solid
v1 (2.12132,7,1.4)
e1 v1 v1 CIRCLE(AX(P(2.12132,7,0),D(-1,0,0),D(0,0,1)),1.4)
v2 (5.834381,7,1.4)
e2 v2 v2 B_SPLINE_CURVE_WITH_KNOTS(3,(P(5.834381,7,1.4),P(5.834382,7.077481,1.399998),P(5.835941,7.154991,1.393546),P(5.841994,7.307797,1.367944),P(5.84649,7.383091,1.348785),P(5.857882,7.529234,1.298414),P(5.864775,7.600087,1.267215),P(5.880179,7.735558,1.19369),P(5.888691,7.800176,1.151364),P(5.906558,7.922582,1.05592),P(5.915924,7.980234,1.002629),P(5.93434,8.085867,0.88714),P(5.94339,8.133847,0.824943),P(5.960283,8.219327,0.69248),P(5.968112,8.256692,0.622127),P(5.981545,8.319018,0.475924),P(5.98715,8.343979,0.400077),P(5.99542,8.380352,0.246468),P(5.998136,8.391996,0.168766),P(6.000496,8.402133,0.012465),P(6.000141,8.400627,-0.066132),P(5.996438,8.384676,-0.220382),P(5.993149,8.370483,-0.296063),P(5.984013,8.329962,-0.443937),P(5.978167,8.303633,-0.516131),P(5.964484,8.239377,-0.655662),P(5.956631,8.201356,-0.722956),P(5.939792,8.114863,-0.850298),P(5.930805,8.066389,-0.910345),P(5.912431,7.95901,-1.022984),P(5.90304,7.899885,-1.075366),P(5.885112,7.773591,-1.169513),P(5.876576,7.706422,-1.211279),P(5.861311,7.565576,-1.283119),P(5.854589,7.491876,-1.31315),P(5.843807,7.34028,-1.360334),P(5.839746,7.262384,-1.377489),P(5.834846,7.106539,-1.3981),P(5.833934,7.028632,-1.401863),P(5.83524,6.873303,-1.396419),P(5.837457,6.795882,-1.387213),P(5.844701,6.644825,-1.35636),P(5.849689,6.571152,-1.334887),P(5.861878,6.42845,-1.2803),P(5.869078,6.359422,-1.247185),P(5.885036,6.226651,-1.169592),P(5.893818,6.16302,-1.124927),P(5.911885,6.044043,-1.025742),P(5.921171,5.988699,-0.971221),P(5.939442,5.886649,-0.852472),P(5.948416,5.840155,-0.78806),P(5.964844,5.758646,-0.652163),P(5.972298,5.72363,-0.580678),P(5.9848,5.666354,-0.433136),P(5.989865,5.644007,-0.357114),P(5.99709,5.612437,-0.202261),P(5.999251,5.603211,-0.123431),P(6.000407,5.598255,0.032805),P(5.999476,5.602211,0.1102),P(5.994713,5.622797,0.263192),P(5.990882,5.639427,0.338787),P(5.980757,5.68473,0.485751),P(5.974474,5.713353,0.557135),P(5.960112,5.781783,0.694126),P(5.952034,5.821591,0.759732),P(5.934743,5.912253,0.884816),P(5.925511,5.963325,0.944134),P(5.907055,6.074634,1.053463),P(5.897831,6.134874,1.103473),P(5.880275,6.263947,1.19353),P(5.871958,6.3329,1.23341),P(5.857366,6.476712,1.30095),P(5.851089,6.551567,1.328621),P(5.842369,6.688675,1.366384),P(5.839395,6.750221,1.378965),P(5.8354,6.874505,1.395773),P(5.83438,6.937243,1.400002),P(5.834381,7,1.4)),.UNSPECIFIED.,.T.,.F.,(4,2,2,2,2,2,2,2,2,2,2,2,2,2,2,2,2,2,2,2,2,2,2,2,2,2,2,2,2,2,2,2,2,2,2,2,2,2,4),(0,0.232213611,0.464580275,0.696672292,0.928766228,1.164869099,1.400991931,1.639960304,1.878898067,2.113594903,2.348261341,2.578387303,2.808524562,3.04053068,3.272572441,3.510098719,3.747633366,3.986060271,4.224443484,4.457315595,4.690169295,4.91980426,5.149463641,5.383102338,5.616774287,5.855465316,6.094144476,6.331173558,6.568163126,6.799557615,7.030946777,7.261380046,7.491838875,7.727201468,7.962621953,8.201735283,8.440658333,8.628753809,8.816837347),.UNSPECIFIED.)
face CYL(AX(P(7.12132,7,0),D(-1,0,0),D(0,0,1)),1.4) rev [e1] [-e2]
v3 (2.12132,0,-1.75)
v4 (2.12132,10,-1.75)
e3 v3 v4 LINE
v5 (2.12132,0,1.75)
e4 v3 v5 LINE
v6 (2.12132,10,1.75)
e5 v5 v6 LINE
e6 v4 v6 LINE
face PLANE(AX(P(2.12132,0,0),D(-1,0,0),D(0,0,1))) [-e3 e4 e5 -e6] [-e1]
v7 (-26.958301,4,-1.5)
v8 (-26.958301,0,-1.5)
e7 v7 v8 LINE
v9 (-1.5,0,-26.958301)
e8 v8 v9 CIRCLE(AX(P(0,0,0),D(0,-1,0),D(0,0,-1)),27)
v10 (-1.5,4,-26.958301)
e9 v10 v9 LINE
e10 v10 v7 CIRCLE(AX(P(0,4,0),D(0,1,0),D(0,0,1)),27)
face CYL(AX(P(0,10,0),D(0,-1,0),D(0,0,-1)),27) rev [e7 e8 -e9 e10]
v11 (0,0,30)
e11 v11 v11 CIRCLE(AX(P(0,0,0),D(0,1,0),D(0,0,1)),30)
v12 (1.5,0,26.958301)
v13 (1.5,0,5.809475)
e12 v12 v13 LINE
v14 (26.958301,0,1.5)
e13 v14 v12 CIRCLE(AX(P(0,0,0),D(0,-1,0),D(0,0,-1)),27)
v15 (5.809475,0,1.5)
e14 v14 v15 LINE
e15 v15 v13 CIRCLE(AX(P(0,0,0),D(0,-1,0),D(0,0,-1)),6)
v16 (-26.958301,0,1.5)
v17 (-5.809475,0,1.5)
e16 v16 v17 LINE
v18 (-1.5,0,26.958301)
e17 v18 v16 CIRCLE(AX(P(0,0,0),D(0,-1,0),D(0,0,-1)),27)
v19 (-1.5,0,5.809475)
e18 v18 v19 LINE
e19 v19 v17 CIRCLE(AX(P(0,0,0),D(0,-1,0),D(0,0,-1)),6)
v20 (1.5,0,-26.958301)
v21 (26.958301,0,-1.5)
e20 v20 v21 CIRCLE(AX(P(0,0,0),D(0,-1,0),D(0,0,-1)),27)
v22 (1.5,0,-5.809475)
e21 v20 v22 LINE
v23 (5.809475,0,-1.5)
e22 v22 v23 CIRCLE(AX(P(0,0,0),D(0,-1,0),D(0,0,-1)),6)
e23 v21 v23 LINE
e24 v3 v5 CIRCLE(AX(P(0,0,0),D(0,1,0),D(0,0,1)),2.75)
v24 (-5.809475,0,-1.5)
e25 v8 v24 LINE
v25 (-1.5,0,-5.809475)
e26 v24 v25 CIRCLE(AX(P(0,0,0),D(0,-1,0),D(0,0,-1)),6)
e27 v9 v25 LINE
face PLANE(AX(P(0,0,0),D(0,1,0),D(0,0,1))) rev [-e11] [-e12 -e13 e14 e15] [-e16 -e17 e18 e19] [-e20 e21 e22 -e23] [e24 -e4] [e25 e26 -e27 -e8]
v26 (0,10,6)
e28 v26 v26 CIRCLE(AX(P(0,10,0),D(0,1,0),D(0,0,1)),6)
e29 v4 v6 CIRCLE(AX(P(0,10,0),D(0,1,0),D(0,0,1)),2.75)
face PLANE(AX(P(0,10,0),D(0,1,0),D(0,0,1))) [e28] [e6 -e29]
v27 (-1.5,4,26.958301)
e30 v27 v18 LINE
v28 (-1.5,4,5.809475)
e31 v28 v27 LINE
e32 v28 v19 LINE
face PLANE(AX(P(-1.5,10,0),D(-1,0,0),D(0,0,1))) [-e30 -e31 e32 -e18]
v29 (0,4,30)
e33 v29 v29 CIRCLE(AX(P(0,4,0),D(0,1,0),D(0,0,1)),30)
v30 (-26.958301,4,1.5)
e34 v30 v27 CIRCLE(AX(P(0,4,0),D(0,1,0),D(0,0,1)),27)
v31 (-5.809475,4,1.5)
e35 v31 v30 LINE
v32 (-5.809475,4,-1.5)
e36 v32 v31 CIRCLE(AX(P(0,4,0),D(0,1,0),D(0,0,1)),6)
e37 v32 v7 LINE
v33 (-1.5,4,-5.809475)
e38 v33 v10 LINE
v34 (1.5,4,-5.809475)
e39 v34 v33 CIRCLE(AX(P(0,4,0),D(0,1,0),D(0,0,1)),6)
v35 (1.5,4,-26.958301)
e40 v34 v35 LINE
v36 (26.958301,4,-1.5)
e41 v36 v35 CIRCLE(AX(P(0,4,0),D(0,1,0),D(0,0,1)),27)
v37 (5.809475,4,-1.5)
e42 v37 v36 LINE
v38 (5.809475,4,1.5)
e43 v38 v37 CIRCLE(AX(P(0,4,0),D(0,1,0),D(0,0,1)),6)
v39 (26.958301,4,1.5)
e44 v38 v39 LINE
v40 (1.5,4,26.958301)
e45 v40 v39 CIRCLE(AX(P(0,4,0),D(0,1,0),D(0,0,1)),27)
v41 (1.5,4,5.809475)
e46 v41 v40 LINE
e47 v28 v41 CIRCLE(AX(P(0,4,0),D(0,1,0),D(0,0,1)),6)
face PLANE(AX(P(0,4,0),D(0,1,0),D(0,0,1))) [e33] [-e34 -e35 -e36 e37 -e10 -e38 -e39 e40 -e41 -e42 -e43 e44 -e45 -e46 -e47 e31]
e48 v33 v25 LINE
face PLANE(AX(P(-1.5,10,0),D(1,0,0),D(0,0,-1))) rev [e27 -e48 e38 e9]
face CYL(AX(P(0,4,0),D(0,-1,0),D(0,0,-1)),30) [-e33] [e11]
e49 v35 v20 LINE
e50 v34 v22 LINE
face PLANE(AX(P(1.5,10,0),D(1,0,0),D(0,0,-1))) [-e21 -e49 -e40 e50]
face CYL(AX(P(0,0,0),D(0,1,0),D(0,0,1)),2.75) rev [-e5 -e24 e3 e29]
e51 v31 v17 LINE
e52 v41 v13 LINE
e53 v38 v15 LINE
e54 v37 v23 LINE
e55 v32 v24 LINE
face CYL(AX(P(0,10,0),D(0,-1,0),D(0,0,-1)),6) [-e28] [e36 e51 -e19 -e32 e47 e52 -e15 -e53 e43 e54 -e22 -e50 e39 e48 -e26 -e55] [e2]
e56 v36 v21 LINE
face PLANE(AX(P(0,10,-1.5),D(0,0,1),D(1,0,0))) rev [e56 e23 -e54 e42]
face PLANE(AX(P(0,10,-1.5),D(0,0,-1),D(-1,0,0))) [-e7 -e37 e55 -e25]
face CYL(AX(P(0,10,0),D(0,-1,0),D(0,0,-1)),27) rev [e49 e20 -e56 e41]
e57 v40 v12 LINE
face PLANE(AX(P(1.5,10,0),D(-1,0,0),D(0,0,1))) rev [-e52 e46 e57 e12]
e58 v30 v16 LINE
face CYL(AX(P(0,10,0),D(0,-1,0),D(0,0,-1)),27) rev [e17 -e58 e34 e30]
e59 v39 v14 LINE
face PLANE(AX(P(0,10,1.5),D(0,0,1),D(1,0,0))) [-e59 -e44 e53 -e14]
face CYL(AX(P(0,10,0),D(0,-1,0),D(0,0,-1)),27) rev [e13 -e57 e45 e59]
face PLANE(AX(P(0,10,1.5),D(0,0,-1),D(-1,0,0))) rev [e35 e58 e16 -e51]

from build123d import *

# Parameters (mm, degrees)
SKETCH1_R           = 30
BOSS_EXTRUDE1_DEPTH = 4
SKETCH2_R           = 6
BOSS_EXTRUDE2_DEPTH = 6
CUT_EXTRUDE1_DEPTH  = 44.588989435
SKETCH4_R           = 1.4
CUT_EXTRUDE2_DEPTH  = 5
CUT_EXTRUDE3_DEPTH  = 44.588989458


with BuildPart() as part:
    # Sketch1 → Boss-Extrude1 (new body)
    with BuildSketch(Plane(origin=(0, 0, 0), x_dir=(1, 0, 0), z_dir=(0, 1, 0))):
        with Locations(Location((0, 0, 0), (0, 0, 270))):
            Circle(SKETCH1_R)
    extrude(amount=BOSS_EXTRUDE1_DEPTH)

    # Sketch2 → Boss-Extrude2 (add)
    with BuildSketch(Plane(origin=(0, 4, 0), x_dir=(1, 0, 0), z_dir=(0, 1, 0))):
        with Locations(Location((0, 0, 0), (0, 0, 270))):
            Circle(SKETCH2_R)
    extrude(amount=BOSS_EXTRUDE2_DEPTH)

    # Sketch3 → Cut-Extrude1 (cut, through all)
    with BuildSketch(Plane(origin=(0, 10, 0), x_dir=(1, 0, 0), z_dir=(0, 1, 0))):
        with BuildLine():
            Line((2.121320344, -1.75), (2.121320344, 1.75))
            ThreePointArc((2.121320344, 1.75), (-2.75, 0), (2.121320344, -1.75))
        make_face()
    extrude(amount=-CUT_EXTRUDE1_DEPTH, mode=Mode.SUBTRACT)

    # Sketch4 → Cut-Extrude2 (cut)
    with BuildSketch(Plane.ZY.offset(-2.121320344)):
        with Locations((0, 7)):
            Circle(SKETCH4_R)
    extrude(amount=-CUT_EXTRUDE2_DEPTH, mode=Mode.SUBTRACT)

    # Sketch5 → Cut-Extrude3 (cut, through all)
    with BuildSketch(Plane(origin=(0, 0, 0), x_dir=(-1, 0, 0), z_dir=(0, -1, 0))):
        with BuildLine():
            ThreePointArc((1.5, -26.958301133), (19.091883092, -19.091883092), (26.958301133, -1.5))
            Line((26.958301133, -1.5), (5.809475019, -1.5))
            ThreePointArc((5.809475019, -1.5), (4.242640687, -4.242640687), (1.5, -5.809475019))
            Line((1.5, -5.809475019), (1.5, -26.958301133))
        make_face()
        with BuildLine():
            ThreePointArc((-26.958301133, -1.5), (-19.091883092, -19.091883092), (-1.5, -26.958301133))
            Line((-1.5, -26.958301133), (-1.5, -5.809475019))
            ThreePointArc((-1.5, -5.809475019), (-4.242640687, -4.242640687), (-5.809475019, -1.5))
            Line((-5.809475019, -1.5), (-26.958301133, -1.5))
        make_face()
        with BuildLine():
            Line((-1.5, 5.809475019), (-1.5, 26.958301133))
            ThreePointArc((-1.5, 26.958301133), (-19.091883092, 19.091883092), (-26.958301133, 1.5))
            Line((-26.958301133, 1.5), (-5.809475019, 1.5))
            ThreePointArc((-5.809475019, 1.5), (-4.242640687, 4.242640687), (-1.5, 5.809475019))
        make_face()
        with BuildLine():
            Line((5.809475019, 1.5), (26.958301133, 1.5))
            ThreePointArc((26.958301133, 1.5), (19.091883092, 19.091883092), (1.5, 26.958301133))
            Line((1.5, 26.958301133), (1.5, 5.809475019))
            ThreePointArc((1.5, 5.809475019), (4.242640687, 4.242640687), (5.809475019, 1.5))
        make_face()
    extrude(amount=-CUT_EXTRUDE3_DEPTH, mode=Mode.SUBTRACT)


solid = part.part
